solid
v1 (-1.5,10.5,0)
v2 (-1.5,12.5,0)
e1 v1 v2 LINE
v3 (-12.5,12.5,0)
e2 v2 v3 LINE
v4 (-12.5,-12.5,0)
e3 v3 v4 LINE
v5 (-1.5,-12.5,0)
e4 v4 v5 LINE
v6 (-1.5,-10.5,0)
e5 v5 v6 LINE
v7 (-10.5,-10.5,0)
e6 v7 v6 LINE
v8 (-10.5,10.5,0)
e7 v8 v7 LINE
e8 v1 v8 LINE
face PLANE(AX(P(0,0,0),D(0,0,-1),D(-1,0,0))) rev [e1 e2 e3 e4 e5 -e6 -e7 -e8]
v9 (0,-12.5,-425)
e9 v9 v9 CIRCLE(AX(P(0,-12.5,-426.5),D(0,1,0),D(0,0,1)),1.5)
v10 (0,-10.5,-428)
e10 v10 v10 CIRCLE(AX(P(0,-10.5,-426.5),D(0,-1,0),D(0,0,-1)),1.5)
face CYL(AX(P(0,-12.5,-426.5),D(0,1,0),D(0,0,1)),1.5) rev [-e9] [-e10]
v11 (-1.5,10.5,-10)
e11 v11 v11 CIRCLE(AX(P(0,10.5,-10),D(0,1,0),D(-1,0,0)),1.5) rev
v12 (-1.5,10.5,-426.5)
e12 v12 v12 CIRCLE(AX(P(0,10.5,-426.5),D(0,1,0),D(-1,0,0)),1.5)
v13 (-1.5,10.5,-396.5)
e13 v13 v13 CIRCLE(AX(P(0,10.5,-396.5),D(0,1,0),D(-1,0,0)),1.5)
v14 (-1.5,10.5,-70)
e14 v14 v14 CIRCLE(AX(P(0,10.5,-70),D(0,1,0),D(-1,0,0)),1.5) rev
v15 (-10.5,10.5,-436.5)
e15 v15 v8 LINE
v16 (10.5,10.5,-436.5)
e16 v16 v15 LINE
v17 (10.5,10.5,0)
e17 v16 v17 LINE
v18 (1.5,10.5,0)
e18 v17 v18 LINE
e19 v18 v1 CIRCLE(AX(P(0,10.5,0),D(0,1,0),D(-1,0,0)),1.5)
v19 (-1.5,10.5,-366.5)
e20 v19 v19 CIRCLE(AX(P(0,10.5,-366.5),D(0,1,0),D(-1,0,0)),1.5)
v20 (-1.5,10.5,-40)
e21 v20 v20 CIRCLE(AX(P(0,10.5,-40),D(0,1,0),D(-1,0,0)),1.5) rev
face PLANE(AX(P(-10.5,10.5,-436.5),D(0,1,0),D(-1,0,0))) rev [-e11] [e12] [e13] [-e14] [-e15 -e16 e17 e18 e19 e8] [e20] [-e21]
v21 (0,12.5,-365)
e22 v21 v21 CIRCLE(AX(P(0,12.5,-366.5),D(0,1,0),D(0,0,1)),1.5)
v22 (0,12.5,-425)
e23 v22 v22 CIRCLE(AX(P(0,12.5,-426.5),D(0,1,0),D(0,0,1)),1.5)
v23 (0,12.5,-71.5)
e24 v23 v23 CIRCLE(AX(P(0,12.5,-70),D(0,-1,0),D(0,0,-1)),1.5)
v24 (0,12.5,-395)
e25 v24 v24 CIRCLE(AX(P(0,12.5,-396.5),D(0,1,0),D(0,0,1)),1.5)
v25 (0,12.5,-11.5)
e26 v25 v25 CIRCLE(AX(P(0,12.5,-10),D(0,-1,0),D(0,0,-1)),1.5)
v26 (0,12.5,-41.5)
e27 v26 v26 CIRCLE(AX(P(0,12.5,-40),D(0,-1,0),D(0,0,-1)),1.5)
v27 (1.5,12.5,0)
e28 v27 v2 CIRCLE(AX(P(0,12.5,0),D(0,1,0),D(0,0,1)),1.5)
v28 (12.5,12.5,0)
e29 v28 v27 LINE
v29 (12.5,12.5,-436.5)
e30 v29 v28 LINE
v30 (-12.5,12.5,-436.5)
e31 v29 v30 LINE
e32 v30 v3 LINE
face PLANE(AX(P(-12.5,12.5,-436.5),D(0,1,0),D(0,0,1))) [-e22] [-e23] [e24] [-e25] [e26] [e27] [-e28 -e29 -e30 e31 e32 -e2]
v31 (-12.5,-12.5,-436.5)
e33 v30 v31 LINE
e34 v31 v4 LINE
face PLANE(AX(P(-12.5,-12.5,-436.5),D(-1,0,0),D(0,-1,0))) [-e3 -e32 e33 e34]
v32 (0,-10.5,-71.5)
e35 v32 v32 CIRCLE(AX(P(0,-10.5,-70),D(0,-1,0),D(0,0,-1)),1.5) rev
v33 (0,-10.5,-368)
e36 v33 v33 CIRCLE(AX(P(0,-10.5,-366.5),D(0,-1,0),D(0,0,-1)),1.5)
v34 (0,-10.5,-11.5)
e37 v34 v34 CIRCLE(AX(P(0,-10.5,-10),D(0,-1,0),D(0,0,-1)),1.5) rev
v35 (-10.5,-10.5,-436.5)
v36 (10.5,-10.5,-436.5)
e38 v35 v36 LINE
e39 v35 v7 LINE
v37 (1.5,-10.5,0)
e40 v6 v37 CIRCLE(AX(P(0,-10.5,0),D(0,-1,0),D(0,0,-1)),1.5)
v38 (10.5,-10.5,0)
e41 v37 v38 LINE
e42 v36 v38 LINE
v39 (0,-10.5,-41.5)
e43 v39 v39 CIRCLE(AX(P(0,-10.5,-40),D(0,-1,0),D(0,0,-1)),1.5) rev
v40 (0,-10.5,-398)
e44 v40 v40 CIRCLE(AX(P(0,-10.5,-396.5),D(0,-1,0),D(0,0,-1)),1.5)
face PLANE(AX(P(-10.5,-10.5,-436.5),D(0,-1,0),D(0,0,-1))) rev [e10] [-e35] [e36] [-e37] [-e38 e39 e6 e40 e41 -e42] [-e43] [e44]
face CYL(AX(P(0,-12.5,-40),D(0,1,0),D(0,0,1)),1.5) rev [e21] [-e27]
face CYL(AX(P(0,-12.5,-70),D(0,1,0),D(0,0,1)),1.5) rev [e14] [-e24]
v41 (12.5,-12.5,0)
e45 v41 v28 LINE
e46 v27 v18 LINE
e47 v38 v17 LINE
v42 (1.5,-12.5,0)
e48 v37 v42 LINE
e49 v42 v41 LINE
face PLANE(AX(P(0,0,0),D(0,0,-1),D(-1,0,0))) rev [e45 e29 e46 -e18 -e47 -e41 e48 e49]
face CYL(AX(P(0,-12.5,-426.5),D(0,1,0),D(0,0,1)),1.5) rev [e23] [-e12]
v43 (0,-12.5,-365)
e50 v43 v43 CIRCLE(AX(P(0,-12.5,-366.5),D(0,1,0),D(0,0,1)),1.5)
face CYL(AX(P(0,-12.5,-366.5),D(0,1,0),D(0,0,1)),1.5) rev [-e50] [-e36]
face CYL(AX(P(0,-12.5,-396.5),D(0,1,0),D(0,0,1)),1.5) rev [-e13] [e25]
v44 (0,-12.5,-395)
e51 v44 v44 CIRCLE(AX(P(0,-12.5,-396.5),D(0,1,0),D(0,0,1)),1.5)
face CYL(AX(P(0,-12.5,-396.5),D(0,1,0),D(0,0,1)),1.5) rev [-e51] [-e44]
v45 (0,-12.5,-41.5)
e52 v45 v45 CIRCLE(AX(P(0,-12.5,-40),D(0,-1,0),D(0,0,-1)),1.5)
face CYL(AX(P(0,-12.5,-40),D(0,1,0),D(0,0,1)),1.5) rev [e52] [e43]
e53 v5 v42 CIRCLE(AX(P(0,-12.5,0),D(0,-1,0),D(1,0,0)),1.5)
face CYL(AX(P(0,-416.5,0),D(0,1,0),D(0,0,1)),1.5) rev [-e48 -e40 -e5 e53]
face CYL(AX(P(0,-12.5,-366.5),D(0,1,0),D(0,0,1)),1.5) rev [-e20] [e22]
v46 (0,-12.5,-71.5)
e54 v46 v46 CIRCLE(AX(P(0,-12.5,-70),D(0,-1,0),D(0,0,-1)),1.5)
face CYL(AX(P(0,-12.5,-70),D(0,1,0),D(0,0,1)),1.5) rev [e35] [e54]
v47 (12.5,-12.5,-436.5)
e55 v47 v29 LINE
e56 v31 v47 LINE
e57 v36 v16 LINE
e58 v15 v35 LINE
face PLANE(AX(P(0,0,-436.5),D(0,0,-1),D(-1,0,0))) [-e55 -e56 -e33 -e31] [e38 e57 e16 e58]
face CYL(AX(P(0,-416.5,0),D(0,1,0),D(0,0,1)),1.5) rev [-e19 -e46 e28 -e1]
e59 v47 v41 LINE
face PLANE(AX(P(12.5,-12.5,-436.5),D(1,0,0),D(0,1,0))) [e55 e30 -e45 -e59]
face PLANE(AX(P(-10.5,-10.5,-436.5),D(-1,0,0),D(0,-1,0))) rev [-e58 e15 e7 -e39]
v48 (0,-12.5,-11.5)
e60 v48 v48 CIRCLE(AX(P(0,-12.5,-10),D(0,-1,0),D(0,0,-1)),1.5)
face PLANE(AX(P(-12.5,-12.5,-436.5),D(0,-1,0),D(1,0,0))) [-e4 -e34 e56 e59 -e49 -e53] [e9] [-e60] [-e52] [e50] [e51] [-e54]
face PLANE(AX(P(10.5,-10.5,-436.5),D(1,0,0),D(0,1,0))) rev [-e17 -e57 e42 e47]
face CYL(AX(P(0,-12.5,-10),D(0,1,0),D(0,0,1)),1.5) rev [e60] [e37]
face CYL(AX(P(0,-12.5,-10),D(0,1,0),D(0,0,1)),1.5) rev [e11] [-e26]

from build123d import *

# Parameters (mm, degrees)
SKETCH1_W           = 25
SKETCH1_H           = 25
SKETCH1_W_2         = 21
SKETCH1_H_2         = 21
BOSS_EXTRUDE1_DEPTH = 436.5
SKETCH2_R           = 1.5
CUT_EXTRUDE1_DEPTH  = 438.393987156
SKETCH3_R           = 1.5
CUT_EXTRUDE2_DEPTH  = 429


with BuildPart() as part:
    # Sketch1 → Boss-Extrude1 (new body)
    with BuildSketch(Plane.XY):
        Rectangle(SKETCH1_W, SKETCH1_H)
        Rectangle(SKETCH1_W_2, SKETCH1_H_2, mode=Mode.SUBTRACT)
    extrude(amount=-BOSS_EXTRUDE1_DEPTH)

    # Sketch2 → Cut-Extrude1 (cut, through all)
    with BuildSketch(Plane(origin=(0, 12.5, 0), x_dir=(1, 0, 0), z_dir=(0, 1, 0))):
        with Locations(Location((0, 366.5, 0), (0, 0, 270))):
            Circle(SKETCH2_R)
        with Locations(Location((0, 396.5, 0), (0, 0, 270))):
            Circle(SKETCH2_R)
        with Locations(Location((0, 426.5, 0), (0, 0, 270))):
            Circle(SKETCH2_R)
    cut_extrude1 = extrude(amount=-CUT_EXTRUDE1_DEPTH, mode=Mode.SUBTRACT)

    # Sketch3 → Cut-Extrude2 (cut)
    with BuildSketch(Plane(origin=(0, 12.5, 0), x_dir=(1, 0, 0), z_dir=(0, 1, 0))):
        Circle(SKETCH3_R)
    extrude(amount=-CUT_EXTRUDE2_DEPTH, mode=Mode.SUBTRACT)

    # Mirror1: Cut-Extrude1 across plane
    add(cut_extrude1.mirror(Plane.XY.offset(-218.25)), mode=Mode.SUBTRACT)


solid = part.part
